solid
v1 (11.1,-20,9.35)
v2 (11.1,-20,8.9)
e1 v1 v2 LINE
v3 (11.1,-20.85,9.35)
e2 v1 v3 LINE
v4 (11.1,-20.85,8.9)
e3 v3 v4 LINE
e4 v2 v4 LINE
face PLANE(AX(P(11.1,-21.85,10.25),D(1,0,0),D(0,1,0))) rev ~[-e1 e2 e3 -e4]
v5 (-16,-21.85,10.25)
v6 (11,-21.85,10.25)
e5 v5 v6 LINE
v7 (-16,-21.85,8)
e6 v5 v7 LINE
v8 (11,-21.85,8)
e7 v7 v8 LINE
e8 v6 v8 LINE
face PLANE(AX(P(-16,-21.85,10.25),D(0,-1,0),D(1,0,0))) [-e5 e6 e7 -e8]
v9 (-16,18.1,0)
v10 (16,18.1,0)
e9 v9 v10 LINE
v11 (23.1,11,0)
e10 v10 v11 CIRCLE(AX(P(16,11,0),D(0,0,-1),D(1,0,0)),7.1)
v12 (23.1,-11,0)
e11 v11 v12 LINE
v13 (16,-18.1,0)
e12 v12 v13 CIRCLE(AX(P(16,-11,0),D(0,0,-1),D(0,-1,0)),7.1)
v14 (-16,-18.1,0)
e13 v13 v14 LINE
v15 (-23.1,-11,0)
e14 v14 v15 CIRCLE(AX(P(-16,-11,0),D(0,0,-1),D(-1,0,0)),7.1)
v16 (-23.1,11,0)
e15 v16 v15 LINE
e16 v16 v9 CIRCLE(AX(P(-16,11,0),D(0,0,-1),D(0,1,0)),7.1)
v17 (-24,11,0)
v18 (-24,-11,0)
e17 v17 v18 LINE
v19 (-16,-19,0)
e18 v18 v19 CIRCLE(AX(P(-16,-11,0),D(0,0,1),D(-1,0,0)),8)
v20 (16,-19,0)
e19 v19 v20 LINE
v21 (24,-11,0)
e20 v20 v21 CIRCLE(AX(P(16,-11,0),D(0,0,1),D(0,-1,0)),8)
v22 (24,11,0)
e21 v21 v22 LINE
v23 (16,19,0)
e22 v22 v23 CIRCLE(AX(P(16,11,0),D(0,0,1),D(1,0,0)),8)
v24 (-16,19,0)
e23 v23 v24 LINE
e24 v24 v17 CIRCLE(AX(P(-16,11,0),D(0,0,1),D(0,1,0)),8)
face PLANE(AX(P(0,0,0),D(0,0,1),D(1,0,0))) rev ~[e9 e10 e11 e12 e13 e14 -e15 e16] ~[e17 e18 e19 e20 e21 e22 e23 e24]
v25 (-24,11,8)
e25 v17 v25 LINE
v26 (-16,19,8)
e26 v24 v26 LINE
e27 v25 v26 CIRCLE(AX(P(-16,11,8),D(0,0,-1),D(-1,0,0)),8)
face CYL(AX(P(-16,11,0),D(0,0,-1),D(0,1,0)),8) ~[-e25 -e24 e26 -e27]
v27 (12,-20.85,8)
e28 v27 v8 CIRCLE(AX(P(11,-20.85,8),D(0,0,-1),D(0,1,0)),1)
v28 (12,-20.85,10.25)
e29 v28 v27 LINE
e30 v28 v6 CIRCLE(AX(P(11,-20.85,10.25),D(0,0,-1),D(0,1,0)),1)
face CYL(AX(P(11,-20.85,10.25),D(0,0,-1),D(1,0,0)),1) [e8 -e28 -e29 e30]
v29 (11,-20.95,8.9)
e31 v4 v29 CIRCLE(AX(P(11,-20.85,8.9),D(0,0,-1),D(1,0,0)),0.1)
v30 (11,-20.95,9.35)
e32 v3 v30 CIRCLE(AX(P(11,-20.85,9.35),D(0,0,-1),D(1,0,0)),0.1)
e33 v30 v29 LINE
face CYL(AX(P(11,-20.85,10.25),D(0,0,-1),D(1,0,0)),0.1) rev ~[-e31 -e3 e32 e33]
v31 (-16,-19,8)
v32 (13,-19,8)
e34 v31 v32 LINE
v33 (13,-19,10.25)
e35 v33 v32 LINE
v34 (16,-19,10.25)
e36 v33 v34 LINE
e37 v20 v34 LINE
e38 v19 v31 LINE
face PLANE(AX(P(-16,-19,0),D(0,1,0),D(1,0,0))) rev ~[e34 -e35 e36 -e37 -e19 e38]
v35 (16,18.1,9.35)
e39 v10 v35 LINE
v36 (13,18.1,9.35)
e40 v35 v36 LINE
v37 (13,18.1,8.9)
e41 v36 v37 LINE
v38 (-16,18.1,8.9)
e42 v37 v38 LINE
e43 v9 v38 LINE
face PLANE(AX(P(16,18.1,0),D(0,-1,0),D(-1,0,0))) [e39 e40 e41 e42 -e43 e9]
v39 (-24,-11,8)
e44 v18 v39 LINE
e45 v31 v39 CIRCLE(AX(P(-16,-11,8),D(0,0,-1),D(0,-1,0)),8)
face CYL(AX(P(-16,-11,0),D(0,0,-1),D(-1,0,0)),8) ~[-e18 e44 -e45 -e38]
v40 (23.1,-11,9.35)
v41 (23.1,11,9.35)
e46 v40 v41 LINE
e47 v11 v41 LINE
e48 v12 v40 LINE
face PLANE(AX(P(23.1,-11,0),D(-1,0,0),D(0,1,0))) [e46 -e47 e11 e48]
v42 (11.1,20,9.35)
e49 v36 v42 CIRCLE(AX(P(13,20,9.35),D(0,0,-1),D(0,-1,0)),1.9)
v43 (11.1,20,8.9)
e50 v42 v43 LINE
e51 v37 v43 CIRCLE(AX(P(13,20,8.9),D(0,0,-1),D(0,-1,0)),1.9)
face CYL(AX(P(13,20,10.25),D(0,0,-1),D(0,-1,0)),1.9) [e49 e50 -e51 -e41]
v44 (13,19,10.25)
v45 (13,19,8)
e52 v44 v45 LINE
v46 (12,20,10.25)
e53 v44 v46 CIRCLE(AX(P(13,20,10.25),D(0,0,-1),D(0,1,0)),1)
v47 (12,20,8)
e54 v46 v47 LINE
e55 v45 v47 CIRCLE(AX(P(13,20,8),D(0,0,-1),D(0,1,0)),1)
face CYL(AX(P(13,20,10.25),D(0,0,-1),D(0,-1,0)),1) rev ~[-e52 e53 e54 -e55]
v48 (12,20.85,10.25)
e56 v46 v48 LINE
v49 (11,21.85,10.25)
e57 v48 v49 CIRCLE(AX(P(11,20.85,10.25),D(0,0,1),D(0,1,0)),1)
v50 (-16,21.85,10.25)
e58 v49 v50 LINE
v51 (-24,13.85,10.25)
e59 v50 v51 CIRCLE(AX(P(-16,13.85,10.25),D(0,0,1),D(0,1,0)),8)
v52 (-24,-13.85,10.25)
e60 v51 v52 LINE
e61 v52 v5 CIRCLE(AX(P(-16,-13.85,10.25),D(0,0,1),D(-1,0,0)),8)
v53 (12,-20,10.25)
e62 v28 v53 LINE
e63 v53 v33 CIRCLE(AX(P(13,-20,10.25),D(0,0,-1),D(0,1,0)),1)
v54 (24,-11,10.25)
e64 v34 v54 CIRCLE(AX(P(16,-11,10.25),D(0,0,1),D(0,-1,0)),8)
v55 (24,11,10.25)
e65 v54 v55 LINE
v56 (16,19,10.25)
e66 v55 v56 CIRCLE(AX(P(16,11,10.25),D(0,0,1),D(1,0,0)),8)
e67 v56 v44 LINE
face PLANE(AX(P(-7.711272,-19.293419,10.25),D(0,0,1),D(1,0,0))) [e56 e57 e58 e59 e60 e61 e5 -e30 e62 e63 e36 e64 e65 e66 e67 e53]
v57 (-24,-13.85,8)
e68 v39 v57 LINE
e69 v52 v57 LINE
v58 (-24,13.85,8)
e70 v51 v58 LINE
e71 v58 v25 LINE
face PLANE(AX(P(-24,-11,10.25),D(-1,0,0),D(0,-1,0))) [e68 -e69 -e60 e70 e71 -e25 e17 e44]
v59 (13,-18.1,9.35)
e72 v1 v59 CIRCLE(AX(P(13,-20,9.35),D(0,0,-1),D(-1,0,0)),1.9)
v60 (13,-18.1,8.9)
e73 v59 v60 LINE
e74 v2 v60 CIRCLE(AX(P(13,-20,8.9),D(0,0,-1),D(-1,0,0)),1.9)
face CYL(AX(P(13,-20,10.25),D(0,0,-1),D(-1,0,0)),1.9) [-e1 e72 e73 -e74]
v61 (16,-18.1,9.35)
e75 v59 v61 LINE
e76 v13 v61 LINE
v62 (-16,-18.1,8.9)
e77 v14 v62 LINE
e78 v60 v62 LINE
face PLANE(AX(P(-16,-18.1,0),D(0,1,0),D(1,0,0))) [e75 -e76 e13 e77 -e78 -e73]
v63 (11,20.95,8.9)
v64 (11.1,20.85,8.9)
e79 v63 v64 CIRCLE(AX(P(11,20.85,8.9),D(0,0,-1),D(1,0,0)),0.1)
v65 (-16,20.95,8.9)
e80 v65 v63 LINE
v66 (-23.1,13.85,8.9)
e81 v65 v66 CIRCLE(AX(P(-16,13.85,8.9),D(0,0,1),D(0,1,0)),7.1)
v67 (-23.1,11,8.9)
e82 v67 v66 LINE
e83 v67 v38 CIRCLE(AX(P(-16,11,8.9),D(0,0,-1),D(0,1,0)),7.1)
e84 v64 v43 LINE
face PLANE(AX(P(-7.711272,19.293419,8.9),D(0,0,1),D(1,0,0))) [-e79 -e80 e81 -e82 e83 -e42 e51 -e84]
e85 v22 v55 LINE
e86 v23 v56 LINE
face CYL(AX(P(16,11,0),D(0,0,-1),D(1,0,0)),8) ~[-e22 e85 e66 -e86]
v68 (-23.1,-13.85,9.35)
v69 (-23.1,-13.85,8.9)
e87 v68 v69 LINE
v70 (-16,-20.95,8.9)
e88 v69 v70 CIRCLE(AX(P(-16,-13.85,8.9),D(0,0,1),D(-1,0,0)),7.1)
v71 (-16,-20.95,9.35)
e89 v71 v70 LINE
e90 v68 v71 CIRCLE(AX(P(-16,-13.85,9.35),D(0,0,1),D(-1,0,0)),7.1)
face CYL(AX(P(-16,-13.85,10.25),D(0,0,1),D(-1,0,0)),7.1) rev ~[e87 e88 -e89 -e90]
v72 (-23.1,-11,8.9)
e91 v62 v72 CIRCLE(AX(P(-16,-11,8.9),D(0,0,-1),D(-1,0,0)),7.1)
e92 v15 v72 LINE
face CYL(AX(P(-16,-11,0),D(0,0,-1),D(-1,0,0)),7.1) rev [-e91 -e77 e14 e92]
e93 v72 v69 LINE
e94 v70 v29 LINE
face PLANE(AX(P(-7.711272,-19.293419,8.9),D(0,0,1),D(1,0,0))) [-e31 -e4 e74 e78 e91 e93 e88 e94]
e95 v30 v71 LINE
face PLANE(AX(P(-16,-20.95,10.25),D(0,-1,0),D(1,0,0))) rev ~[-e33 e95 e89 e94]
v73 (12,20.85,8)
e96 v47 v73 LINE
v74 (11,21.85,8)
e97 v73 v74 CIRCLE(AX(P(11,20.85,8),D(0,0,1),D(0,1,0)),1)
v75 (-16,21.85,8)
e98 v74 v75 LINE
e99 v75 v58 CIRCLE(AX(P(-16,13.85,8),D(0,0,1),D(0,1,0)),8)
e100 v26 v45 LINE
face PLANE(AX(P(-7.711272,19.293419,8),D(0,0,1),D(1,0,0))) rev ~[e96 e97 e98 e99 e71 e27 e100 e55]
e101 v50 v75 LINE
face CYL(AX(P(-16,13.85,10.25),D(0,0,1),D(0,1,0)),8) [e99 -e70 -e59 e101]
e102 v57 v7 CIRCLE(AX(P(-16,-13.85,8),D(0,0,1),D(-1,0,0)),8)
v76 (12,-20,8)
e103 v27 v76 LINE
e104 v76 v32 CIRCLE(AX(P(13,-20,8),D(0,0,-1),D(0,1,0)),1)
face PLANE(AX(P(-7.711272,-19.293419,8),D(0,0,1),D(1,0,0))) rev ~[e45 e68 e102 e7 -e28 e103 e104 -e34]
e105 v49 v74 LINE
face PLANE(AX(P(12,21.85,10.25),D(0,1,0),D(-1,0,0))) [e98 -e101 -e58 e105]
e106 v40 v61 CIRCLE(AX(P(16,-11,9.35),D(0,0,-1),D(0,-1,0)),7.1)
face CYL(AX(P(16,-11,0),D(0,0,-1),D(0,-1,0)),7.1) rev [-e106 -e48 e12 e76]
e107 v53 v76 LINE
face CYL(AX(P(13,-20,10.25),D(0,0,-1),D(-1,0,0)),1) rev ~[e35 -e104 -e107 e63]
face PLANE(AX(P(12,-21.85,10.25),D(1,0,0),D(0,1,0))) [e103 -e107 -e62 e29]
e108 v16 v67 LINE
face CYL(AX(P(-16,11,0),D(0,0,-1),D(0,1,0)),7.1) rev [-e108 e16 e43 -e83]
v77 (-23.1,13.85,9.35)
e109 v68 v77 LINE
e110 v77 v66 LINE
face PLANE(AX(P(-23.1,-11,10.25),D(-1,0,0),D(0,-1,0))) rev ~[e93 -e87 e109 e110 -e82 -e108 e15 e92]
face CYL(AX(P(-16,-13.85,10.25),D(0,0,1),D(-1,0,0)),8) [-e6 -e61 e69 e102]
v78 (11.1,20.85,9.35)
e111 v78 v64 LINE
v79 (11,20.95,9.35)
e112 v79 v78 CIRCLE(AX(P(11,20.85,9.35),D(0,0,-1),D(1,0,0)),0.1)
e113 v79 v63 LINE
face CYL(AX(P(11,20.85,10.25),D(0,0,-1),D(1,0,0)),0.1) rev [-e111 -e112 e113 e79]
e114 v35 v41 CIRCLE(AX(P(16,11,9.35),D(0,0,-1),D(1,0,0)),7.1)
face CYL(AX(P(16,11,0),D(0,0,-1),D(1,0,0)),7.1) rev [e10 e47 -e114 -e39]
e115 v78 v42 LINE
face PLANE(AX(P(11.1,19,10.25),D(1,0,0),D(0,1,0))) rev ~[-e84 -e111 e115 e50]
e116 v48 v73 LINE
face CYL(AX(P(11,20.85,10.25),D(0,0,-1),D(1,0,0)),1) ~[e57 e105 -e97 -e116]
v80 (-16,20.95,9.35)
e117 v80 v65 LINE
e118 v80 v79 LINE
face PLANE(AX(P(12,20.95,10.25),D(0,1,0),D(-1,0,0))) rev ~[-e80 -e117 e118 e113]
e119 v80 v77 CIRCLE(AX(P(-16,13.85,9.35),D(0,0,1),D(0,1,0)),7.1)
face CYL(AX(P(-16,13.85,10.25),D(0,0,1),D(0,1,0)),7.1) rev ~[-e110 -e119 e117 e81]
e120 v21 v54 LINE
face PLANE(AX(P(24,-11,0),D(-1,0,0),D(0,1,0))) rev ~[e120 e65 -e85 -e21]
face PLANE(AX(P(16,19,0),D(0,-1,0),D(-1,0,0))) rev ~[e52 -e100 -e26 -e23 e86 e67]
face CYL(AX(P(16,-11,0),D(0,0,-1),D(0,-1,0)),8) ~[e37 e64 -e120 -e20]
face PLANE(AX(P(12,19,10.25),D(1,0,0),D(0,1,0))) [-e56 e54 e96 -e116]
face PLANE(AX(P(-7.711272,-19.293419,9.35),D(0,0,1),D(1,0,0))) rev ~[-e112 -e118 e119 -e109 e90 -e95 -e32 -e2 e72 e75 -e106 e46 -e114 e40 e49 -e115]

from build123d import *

# Parameters (mm, degrees)
F1_DEPTH = 10.25
F3_DEPTH = 2.25
F4_R     = 1
F5_T     = -0.9


with BuildPart() as f1:
    # F0 (on Top) → F1 (new body)
    with BuildSketch(Plane.XY):
        with BuildLine():
            Line((16, 19), (-16, 19))
            ThreePointArc((-16, 19), (-21.6568542495, 16.6568542495), (-24, 11))
            Line((-24, 11), (-24, -11))
            ThreePointArc((-24, -11), (-21.6568542495, -16.6568542495), (-16, -19))
            Line((-16, -19), (16, -19))
            ThreePointArc((16, -19), (21.6568542495, -16.6568542495), (24, -11))
            Line((24, -11), (24, 11))
            ThreePointArc((24, 11), (21.6568542495, 16.6568542495), (16, 19))
        make_face()
    extrude(amount=F1_DEPTH)

    # F2 (on face) → F3 (join)
    with BuildSketch(Plane.XY.offset(10.25)):
        with BuildLine():
            Line((12, -21.85), (12, -19))
            Line((12, -19), (-16, -19))
            ThreePointArc((-16, -19), (-21.6568542495, -16.6568542495), (-24, -11))
            Line((-24, -11), (-24, -13.85))
            ThreePointArc((-24, -13.85), (-21.6568542495, -19.5068542495), (-16, -21.85))
            Line((-16, -21.85), (12, -21.85))
        make_face()
        with BuildLine():
            Line((12, 21.85), (-16, 21.85))
            ThreePointArc((-16, 21.85), (-21.6568542495, 19.5068542495), (-24, 13.85))
            Line((-24, 13.85), (-24, 11))
            ThreePointArc((-24, 11), (-21.6568542495, 16.6568542495), (-16, 19))
            Line((-16, 19), (12, 19))
            Line((12, 19), (12, 21.85))
        make_face()
    extrude(amount=-F3_DEPTH)

    # F4
    f4_edges = [f1.edges().sort_by_distance(p)[0] for p in [
        (12, -21.85, 9.125),
        (12, 21.85, 9.125),
        (12, 19, 9.125),
        (12, -19, 9.125),
    ]]
    fillet(f4_edges, radius=F4_R)

    # F5
    f5_openings = [f1.faces().sort_by_distance(p)[0] for p in [
        (0, 0, 0),
    ]]
    offset(amount=F5_T, openings=f5_openings, kind=Kind.INTERSECTION)


solid = f1.part
